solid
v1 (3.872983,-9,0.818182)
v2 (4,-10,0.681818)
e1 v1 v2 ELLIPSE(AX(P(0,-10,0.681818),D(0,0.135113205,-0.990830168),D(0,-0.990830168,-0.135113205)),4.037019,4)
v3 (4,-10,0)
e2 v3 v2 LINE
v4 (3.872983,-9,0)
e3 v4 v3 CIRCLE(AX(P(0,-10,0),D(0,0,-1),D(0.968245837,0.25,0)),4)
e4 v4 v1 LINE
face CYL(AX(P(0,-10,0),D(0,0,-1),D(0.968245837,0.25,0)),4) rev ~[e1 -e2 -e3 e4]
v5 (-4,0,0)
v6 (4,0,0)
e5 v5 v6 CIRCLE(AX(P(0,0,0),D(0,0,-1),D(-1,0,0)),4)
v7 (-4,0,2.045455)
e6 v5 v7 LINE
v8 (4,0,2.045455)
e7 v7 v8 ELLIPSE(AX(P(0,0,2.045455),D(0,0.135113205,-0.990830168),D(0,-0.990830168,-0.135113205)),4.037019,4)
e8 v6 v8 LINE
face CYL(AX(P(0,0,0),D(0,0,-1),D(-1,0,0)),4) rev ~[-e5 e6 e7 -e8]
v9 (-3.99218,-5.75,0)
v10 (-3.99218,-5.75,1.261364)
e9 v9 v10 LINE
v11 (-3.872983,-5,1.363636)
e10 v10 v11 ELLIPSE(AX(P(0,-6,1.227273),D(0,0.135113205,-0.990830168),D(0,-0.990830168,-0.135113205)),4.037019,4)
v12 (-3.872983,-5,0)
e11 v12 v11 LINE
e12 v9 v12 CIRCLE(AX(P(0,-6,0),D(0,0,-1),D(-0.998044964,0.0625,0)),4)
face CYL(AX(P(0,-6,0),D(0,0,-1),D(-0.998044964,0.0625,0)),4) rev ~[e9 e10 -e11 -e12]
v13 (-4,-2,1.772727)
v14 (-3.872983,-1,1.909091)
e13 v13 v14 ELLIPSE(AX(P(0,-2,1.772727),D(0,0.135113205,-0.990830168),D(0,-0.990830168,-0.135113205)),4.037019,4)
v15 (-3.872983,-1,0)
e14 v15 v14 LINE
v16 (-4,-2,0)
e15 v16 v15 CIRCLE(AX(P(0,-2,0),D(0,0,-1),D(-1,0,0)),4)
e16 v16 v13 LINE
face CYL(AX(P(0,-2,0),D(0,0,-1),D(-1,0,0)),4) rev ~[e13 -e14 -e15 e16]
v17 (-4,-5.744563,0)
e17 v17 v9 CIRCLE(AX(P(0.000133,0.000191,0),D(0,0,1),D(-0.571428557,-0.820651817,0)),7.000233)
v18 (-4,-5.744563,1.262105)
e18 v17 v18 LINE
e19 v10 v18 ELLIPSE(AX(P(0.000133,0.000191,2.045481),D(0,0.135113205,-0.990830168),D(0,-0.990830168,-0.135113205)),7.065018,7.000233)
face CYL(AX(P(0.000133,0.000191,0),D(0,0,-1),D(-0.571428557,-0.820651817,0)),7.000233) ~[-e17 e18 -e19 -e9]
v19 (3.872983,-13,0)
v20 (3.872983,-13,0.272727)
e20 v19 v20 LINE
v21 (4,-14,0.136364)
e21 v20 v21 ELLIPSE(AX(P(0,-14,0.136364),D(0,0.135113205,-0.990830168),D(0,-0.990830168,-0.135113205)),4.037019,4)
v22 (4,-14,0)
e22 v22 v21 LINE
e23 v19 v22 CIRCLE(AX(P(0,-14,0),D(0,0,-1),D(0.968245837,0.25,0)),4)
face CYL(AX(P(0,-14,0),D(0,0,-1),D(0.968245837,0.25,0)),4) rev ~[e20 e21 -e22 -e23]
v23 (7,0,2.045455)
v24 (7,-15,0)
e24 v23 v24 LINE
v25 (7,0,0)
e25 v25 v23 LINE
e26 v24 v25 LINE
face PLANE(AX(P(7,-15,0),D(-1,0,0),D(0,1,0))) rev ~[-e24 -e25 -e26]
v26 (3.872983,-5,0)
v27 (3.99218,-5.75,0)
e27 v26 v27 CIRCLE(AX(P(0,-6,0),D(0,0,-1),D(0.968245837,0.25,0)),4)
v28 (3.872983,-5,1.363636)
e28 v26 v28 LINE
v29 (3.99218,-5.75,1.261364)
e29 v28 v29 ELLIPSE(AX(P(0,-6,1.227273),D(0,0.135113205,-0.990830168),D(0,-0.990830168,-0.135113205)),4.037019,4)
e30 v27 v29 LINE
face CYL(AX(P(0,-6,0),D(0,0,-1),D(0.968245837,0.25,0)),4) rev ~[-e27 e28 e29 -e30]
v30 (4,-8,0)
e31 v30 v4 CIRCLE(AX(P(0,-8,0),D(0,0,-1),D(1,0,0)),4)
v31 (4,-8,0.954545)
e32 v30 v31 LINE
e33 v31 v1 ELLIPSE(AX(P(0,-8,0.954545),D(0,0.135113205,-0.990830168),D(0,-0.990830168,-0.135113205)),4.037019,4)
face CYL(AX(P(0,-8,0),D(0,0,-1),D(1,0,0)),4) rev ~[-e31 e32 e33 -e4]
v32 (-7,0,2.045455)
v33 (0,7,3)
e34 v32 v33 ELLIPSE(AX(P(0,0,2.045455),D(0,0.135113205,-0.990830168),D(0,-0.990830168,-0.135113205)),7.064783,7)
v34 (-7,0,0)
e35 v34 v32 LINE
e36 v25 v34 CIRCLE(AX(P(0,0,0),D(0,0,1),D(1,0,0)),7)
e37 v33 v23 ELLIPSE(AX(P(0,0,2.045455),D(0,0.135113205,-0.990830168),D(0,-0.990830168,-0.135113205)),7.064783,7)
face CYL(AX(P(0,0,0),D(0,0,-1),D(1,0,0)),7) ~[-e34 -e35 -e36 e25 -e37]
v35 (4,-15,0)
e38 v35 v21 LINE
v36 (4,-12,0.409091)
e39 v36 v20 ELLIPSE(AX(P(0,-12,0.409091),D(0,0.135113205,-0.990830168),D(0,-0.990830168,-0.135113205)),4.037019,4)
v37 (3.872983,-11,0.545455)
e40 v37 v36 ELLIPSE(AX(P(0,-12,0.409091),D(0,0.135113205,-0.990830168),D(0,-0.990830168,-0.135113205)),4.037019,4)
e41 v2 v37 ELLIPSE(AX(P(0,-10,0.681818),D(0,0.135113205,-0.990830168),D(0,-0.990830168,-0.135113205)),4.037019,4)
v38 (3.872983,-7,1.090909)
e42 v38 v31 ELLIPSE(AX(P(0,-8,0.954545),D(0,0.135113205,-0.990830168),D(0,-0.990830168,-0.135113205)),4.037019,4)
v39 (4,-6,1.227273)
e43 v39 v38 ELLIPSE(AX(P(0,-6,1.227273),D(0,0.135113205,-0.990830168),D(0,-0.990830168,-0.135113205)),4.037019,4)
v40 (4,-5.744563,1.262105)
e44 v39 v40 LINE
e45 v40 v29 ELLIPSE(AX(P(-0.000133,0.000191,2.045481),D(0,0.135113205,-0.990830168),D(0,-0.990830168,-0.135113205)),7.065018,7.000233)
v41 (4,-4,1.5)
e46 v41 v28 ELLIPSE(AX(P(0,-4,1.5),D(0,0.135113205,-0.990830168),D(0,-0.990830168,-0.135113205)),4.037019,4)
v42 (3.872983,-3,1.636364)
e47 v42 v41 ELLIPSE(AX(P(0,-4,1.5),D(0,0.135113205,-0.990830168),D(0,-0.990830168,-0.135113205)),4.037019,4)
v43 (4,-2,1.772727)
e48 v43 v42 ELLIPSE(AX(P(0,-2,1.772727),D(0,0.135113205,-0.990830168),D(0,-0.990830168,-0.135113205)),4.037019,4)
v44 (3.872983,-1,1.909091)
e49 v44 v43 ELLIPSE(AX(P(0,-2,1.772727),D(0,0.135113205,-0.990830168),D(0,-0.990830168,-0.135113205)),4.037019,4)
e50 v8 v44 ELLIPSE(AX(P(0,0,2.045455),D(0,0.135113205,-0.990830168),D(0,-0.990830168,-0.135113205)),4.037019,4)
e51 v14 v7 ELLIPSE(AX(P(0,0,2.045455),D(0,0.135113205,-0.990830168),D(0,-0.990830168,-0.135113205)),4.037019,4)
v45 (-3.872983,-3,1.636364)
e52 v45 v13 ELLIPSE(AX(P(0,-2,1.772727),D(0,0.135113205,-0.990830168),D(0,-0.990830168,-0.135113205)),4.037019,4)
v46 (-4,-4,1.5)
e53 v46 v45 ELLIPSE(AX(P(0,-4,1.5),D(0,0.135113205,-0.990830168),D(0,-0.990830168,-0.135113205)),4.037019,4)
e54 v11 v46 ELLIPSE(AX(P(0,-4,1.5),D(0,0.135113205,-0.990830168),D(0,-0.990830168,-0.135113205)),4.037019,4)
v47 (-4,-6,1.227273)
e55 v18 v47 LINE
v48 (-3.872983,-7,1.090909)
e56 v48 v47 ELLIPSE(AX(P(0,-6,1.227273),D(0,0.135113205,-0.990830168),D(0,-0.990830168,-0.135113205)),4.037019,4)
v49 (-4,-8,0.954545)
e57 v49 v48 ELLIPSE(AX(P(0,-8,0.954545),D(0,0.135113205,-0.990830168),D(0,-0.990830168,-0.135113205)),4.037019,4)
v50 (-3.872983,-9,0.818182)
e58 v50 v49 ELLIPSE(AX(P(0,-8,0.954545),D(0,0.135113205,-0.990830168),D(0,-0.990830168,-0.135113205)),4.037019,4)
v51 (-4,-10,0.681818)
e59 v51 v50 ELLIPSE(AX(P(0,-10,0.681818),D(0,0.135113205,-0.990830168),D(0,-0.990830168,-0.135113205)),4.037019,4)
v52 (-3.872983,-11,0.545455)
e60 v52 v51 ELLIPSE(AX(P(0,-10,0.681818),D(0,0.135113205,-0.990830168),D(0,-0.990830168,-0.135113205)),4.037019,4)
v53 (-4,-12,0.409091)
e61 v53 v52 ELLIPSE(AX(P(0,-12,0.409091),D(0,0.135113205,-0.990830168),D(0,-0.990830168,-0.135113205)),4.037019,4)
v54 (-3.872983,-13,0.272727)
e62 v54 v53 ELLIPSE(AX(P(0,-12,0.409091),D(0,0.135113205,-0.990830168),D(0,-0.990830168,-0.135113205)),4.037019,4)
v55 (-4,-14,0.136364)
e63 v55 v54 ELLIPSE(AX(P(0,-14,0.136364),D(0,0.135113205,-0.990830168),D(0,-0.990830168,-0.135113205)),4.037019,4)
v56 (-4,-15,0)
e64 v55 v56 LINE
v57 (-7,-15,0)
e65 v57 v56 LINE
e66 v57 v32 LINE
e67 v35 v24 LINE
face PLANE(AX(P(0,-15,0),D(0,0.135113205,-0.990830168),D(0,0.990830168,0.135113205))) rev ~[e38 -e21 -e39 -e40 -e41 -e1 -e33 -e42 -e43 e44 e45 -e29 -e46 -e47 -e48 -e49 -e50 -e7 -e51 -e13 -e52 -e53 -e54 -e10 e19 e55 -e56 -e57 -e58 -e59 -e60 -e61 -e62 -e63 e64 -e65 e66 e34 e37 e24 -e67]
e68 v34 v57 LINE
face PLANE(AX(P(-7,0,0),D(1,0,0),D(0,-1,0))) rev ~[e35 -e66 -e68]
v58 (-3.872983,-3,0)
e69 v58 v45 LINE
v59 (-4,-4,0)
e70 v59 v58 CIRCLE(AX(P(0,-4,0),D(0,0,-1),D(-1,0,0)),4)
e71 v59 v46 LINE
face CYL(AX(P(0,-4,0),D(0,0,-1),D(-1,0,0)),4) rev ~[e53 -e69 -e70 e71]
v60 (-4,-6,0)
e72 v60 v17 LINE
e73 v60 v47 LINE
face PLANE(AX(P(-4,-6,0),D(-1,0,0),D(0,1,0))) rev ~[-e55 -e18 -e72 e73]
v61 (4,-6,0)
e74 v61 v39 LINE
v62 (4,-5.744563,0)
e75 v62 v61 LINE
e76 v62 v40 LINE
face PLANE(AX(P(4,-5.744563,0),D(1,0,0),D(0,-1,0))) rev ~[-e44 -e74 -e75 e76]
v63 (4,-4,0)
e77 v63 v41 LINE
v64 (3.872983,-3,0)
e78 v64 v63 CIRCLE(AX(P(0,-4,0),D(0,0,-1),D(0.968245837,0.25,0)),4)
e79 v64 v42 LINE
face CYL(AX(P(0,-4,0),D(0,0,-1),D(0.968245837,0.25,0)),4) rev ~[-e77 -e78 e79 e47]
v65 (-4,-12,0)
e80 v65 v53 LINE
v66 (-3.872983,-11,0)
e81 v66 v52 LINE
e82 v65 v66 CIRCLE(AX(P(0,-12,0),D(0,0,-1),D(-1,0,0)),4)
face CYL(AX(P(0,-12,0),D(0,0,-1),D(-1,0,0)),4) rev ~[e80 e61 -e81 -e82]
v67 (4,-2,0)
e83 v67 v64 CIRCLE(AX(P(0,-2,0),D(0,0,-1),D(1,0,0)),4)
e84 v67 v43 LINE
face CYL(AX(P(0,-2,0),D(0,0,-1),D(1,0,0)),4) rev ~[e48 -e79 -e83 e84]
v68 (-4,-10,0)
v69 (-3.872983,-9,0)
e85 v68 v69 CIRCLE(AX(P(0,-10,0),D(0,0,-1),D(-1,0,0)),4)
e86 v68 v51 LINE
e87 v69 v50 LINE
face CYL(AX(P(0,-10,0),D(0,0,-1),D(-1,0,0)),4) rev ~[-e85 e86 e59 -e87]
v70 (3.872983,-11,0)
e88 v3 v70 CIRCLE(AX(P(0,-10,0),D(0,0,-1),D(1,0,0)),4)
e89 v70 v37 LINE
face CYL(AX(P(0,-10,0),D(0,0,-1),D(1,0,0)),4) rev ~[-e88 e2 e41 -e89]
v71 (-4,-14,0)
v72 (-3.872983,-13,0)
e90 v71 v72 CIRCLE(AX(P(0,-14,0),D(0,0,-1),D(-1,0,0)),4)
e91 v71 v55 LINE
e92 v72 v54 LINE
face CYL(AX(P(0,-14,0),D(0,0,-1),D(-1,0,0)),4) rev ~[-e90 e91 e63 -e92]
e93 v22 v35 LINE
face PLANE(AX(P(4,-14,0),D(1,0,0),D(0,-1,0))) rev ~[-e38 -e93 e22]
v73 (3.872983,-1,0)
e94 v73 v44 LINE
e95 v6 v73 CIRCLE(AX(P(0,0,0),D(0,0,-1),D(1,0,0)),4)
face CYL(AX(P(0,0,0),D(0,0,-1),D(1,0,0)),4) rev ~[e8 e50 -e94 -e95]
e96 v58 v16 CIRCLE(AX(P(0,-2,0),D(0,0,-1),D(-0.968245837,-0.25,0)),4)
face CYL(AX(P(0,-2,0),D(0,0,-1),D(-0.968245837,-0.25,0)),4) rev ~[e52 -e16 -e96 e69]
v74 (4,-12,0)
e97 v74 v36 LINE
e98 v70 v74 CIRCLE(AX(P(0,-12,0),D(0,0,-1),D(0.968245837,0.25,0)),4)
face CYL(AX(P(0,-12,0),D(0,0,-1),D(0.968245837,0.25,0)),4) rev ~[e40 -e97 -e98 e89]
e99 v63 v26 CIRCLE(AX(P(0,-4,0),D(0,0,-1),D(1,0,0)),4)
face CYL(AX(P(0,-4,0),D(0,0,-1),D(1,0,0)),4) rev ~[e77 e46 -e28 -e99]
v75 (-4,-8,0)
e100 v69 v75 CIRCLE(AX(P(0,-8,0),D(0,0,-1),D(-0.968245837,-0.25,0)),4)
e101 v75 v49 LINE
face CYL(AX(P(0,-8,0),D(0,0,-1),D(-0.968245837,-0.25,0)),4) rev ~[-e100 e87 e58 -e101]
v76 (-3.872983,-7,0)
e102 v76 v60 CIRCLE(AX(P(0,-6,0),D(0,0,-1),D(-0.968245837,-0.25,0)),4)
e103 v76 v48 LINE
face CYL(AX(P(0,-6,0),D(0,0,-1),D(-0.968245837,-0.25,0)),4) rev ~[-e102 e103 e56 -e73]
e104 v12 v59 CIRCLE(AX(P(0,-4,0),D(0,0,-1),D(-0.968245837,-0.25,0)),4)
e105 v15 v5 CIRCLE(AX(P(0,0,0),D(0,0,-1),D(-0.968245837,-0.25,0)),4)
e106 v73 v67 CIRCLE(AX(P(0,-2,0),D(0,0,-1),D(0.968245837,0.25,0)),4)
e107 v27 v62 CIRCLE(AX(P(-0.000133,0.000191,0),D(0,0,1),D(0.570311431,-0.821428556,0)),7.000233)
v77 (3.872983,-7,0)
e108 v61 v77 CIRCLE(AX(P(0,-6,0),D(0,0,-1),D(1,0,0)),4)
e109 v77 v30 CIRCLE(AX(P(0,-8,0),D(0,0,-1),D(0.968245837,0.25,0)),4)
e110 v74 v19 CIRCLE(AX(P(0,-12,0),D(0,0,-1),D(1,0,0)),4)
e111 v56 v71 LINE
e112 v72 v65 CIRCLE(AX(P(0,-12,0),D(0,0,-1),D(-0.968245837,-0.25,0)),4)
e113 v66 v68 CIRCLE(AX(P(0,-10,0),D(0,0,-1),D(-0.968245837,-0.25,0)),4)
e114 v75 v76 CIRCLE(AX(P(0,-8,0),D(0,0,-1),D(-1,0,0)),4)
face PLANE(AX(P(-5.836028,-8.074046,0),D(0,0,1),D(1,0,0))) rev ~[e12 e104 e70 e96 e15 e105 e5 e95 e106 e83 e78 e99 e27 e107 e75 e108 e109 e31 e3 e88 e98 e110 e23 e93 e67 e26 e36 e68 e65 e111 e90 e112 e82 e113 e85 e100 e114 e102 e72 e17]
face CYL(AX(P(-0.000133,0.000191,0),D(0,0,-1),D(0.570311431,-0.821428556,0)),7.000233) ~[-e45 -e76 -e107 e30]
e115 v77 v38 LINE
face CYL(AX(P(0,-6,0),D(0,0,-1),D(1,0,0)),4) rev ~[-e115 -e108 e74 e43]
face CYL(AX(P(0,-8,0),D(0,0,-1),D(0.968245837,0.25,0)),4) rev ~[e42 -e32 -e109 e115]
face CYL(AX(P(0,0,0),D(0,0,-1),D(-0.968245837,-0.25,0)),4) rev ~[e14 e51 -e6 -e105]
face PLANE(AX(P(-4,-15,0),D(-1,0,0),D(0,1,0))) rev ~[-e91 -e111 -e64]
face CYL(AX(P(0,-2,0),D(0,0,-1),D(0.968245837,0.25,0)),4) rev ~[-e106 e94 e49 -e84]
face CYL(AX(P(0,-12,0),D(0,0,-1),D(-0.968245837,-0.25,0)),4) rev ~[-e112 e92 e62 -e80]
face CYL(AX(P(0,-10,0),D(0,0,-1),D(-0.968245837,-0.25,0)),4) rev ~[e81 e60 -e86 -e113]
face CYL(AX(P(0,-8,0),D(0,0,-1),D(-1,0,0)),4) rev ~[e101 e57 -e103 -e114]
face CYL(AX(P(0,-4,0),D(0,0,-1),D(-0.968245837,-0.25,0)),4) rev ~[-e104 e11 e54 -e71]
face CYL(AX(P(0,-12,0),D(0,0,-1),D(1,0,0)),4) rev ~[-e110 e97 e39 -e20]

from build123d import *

# Parameters (mm, degrees)
F1_DEPTH = 3
F3_DEPTH = 12.5


with BuildPart() as f1:
    # F0 (on Top) → F1 (new body)
    with BuildSketch(Plane.XY):
        with BuildLine():
            ThreePointArc((-4, -5.7445626465), (-6.204836823, -3.2403703492), (-7, 0))
            Line((-7, 0), (-7, -15))
            Line((-7, -15), (-4, -15))
            Line((-4, -15), (-4, -14))
            Line((-4, -14), (-4, -12))
            Line((-4, -12), (-4, -10))
            Line((-4, -10), (-4, -8))
            Line((-4, -8), (-4, -6))
            Line((-4, -6), (-4, -5.7445626465))
        make_face()
        with BuildLine():
            Line((-4, -2), (-4, 0))
            Line((-4, 0), (-7, 0))
            ThreePointArc((-7, 0), (-6.204836823, -3.2403703492), (-4, -5.7445626465))
            Line((-4, -5.7445626465), (-4, -4))
            Line((-4, -4), (-4, -2))
        make_face()
        with BuildLine():
            ThreePointArc((-4, 0), (0, 4), (4, 0))
            Line((4, 0), (7, 0))
            ThreePointArc((7, 0), (0, 7), (-7, 0))
            Line((-7, 0), (-4, 0))
        make_face()
        with BuildLine():
            Line((7, 0), (4, 0))
            Line((4, 0), (4, -2))
            Line((4, -2), (4, -4))
            Line((4, -4), (4, -5.7445626465))
            ThreePointArc((4, -5.7445626465), (6.204836823, -3.2403703492), (7, 0))
        make_face()
        with BuildLine():
            Line((7, -15), (7, 0))
            ThreePointArc((7, 0), (6.204836823, -3.2403703492), (4, -5.7445626465))
            Line((4, -5.7445626465), (4, -6))
            Line((4, -6), (4, -8))
            Line((4, -8), (4, -10))
            Line((4, -10), (4, -12))
            Line((4, -12), (4, -14))
            Line((4, -14), (4, -15))
            Line((4, -15), (7, -15))
        make_face()
        with BuildLine():
            ThreePointArc((-3.8729833462, -1), (-3.9681187851, -0.5040171699), (-4, 0))
            Line((-4, 0), (-4, -2))
            ThreePointArc((-4, -2), (-3.9681187851, -1.4959828301), (-3.8729833462, -1))
        make_face()
        with BuildLine():
            ThreePointArc((-3.8729833462, -3), (-3.9681187851, -2.5040171699), (-4, -2))
            Line((-4, -2), (-4, -4))
            ThreePointArc((-4, -4), (-3.9681187851, -3.4959828301), (-3.8729833462, -3))
        make_face()
        with BuildLine():
            Line((-4, -4), (-4, -5.7445626465))
            ThreePointArc((-4, -5.7445626465), (-3.9960908526, -5.7472826533), (-3.9921798557, -5.75))
            ThreePointArc((-3.9921798557, -5.75), (-3.9504206166, -5.3721648688), (-3.8729833462, -5))
            ThreePointArc((-3.8729833462, -5), (-3.9681187851, -4.5040171699), (-4, -4))
        make_face()
        with BuildLine():
            ThreePointArc((-3.8729833462, -7), (-3.9681187851, -6.5040171699), (-4, -6))
            Line((-4, -6), (-4, -8))
            ThreePointArc((-4, -8), (-3.9681187851, -7.4959828301), (-3.8729833462, -7))
        make_face()
        with BuildLine():
            ThreePointArc((-3.8729833462, -9), (-3.9681187851, -8.5040171699), (-4, -8))
            Line((-4, -8), (-4, -10))
            ThreePointArc((-4, -10), (-3.9681187851, -9.4959828301), (-3.8729833462, -9))
        make_face()
        with BuildLine():
            ThreePointArc((-3.8729833462, -11), (-3.9681187851, -10.5040171699), (-4, -10))
            Line((-4, -10), (-4, -12))
            ThreePointArc((-4, -12), (-3.9681187851, -11.4959828301), (-3.8729833462, -11))
        make_face()
        with BuildLine():
            Line((-4, -12), (-4, -14))
            ThreePointArc((-4, -14), (-3.9681187851, -13.4959828301), (-3.8729833462, -13))
            ThreePointArc((-3.8729833462, -13), (-3.9681187851, -12.5040171699), (-4, -12))
        make_face()
        with BuildLine():
            ThreePointArc((3.8729833462, -13), (3.9681187851, -13.4959828301), (4, -14))
            Line((4, -14), (4, -12))
            ThreePointArc((4, -12), (3.9681187851, -12.5040171699), (3.8729833462, -13))
        make_face()
        with BuildLine():
            Line((4, -12), (4, -10))
            ThreePointArc((4, -10), (3.9681187851, -10.5040171699), (3.8729833462, -11))
            ThreePointArc((3.8729833462, -11), (3.9681187851, -11.4959828301), (4, -12))
        make_face()
        with BuildLine():
            Line((4, -10), (4, -8))
            ThreePointArc((4, -8), (3.9681187851, -8.5040171699), (3.8729833462, -9))
            ThreePointArc((3.8729833462, -9), (3.9681187851, -9.4959828301), (4, -10))
        make_face()
        with BuildLine():
            Line((4, -8), (4, -6))
            ThreePointArc((4, -6), (3.9681187851, -6.5040171699), (3.8729833462, -7))
            ThreePointArc((3.8729833462, -7), (3.9681187851, -7.4959828301), (4, -8))
        make_face()
        with BuildLine():
            ThreePointArc((3.9921798557, -5.75), (3.9960908526, -5.7472826533), (4, -5.7445626465))
            Line((4, -5.7445626465), (4, -4))
            ThreePointArc((4, -4), (3.9681187851, -4.5040171699), (3.8729833462, -5))
            ThreePointArc((3.8729833462, -5), (3.9504206166, -5.3721648688), (3.9921798557, -5.75))
        make_face()
        with BuildLine():
            Line((4, -4), (4, -2))
            ThreePointArc((4, -2), (3.9681187851, -2.5040171699), (3.8729833462, -3))
            ThreePointArc((3.8729833462, -3), (3.9681187851, -3.4959828301), (4, -4))
        make_face()
        with BuildLine():
            Line((4, -2), (4, 0))
            ThreePointArc((4, 0), (3.9681187851, -0.5040171699), (3.8729833462, -1))
            ThreePointArc((3.8729833462, -1), (3.9681187851, -1.4959828301), (4, -2))
        make_face()
    extrude(amount=F1_DEPTH)

    # F2 (on Right) → F3 (cut, symmetric)
    with BuildSketch(Plane.YZ):
        Polygon((7, 3), (0, 3), (-15, 3), (-15, 0), align=None)
    extrude(amount=F3_DEPTH, both=True, mode=Mode.SUBTRACT)


solid = f1.part
